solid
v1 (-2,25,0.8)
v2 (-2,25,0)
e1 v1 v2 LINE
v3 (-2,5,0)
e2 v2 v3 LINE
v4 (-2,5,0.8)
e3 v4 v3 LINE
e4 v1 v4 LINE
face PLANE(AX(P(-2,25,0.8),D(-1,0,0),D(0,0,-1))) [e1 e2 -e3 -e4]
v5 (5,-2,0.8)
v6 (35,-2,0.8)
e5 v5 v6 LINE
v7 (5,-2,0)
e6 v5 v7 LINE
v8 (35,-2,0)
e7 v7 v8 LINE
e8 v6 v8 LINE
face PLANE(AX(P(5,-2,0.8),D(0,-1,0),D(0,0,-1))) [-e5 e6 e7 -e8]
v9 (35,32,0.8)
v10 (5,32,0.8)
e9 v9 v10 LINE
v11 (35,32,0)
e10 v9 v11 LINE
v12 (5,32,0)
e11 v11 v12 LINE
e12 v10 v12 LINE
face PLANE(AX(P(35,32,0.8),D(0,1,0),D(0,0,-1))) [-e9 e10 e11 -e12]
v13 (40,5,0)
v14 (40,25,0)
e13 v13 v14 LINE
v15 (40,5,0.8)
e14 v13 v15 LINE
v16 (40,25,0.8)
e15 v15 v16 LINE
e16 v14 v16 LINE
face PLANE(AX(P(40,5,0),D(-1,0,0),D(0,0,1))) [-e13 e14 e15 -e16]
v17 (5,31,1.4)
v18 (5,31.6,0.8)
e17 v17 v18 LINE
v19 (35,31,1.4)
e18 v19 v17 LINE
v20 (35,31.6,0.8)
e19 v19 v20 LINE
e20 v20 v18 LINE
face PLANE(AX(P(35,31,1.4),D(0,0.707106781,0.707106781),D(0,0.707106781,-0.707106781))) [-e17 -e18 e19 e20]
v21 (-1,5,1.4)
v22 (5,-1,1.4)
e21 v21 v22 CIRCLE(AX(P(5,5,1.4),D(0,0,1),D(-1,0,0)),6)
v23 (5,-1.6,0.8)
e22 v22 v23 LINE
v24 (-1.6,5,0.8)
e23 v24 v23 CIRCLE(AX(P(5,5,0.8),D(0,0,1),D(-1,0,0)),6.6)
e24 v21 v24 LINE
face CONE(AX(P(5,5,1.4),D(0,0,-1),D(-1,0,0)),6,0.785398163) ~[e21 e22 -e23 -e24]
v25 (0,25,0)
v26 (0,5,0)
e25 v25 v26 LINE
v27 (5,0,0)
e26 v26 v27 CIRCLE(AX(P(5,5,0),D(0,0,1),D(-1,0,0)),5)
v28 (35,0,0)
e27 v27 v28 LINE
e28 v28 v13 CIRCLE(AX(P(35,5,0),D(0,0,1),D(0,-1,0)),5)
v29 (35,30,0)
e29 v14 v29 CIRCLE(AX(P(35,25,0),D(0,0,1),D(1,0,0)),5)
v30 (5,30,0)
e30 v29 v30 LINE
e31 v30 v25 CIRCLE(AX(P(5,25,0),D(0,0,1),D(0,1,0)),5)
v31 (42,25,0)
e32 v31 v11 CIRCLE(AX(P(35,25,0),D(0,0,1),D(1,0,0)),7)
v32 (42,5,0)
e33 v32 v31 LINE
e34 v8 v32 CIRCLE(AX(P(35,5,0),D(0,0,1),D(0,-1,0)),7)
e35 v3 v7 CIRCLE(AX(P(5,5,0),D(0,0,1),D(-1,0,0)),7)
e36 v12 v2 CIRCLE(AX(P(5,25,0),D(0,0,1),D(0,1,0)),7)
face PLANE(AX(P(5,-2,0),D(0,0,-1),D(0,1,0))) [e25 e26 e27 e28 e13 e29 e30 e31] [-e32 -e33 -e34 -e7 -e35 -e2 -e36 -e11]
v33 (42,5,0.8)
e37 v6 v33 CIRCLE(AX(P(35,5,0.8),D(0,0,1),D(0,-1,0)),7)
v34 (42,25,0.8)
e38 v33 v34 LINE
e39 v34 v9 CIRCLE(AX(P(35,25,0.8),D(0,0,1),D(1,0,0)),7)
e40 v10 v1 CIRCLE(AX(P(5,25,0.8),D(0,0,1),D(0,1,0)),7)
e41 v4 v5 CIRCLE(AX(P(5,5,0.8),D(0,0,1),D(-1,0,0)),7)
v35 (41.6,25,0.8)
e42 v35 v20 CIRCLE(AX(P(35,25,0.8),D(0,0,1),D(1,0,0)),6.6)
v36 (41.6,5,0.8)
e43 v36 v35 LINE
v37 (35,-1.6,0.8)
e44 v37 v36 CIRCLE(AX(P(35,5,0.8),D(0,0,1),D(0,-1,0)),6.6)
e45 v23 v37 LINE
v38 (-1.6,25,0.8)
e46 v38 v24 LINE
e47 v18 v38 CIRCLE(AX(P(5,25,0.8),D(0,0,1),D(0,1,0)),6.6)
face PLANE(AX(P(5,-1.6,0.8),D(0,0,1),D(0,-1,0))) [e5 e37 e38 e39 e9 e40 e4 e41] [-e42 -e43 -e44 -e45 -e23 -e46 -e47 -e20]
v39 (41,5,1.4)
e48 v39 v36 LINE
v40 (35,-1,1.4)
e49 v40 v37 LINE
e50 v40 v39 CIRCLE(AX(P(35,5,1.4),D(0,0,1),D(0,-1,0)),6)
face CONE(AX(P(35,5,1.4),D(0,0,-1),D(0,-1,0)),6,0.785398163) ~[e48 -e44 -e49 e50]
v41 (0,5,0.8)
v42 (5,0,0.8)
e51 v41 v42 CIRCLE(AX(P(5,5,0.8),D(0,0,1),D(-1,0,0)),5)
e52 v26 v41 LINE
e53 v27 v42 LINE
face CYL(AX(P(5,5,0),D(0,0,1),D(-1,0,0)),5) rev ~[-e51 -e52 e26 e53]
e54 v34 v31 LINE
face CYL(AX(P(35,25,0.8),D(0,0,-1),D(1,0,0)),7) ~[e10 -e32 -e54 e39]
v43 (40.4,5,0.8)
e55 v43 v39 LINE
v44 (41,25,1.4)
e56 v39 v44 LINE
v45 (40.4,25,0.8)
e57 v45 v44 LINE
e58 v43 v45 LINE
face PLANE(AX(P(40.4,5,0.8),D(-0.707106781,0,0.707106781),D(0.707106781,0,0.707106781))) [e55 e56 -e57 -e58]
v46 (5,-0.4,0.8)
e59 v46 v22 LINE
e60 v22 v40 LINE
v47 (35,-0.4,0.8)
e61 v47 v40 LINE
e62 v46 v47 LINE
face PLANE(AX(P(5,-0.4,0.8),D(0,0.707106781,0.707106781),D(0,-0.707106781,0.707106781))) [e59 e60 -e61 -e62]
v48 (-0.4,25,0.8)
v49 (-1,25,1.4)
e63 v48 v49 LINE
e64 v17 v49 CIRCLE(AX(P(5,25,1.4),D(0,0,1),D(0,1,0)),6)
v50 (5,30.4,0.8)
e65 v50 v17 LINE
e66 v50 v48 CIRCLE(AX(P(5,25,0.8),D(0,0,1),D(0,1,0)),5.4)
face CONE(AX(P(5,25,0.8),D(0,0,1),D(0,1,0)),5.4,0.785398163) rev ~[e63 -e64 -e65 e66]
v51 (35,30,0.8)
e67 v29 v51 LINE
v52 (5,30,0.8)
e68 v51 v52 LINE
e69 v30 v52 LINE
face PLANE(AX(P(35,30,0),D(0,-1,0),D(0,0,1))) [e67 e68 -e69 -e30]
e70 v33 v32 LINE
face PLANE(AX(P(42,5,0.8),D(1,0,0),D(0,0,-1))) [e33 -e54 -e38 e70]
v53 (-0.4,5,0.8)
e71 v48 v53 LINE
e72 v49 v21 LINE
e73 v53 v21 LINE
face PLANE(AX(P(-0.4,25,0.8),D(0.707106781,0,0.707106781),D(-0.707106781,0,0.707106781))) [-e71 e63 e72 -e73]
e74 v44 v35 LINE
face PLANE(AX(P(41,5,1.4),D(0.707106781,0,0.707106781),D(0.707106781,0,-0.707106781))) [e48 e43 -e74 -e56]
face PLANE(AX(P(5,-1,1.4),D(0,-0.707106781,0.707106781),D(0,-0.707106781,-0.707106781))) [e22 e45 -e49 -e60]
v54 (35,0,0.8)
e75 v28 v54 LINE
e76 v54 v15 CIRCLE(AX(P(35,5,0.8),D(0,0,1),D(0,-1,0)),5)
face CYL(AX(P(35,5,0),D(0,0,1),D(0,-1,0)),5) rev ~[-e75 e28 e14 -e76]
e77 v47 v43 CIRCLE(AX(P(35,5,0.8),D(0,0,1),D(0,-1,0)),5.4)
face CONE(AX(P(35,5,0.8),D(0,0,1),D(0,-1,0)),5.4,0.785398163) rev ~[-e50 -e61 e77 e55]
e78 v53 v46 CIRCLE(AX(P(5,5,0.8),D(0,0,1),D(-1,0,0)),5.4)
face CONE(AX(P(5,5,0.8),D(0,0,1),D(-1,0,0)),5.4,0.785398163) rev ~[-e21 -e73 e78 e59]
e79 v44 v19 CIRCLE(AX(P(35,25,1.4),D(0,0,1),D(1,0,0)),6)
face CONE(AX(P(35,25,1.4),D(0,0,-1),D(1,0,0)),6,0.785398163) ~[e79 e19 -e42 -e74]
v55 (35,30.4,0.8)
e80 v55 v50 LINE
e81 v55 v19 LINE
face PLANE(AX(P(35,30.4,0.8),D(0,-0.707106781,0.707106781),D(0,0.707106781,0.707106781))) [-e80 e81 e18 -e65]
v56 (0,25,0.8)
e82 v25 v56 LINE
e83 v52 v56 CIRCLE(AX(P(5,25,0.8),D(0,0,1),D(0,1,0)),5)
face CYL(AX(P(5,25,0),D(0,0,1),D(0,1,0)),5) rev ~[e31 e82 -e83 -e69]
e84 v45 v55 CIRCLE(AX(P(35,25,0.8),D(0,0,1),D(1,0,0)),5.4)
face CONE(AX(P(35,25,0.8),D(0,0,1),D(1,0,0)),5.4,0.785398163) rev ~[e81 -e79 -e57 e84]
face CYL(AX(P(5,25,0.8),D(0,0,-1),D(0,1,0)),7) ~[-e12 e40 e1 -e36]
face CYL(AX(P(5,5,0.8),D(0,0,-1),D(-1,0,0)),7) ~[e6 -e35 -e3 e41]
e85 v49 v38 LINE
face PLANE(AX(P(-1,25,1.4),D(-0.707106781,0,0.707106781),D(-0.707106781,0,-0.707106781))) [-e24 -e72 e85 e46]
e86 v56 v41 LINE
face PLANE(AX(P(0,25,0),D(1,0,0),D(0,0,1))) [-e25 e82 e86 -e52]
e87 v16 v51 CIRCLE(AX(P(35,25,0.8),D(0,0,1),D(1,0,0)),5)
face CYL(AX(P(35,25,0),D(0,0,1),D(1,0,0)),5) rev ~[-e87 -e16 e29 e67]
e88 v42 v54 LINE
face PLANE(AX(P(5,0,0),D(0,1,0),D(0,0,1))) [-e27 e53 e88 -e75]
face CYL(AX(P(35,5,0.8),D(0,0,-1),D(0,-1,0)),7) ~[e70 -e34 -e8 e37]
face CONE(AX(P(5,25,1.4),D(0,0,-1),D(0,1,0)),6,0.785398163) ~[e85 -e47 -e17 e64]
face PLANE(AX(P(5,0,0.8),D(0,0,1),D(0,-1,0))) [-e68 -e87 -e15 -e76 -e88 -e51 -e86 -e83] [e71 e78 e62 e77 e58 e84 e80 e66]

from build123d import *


with BuildPart() as f4:
    # F4: sweep along a path in F0
    with BuildLine(Plane.XY) as f4_path:
        Line((5, 0), (35, 0))
        ThreePointArc((35, 0), (38.5355339059, 1.4644660941), (40, 5))
        Line((40, 5), (40, 25))
        ThreePointArc((40, 25), (38.5355339059, 28.5355339059), (35, 30))
        Line((35, 30), (5, 30))
        ThreePointArc((5, 30), (1.4644660941, 28.5355339059), (0, 25))
        Line((0, 25), (0, 5))
        ThreePointArc((0, 5), (1.4644660941, 1.4644660941), (5, 0))
    # F3 (on line) → F4 (sweep)
    with BuildSketch(Plane.YZ.offset(20)):
        Polygon((-2, 0), (0, 0), (0, 0.8), (-0.4, 0.8), (-1, 1.4), (-1.6, 0.8), (-2, 0.8), align=None)
    sweep(path=f4_path.line)


solid = f4.part
